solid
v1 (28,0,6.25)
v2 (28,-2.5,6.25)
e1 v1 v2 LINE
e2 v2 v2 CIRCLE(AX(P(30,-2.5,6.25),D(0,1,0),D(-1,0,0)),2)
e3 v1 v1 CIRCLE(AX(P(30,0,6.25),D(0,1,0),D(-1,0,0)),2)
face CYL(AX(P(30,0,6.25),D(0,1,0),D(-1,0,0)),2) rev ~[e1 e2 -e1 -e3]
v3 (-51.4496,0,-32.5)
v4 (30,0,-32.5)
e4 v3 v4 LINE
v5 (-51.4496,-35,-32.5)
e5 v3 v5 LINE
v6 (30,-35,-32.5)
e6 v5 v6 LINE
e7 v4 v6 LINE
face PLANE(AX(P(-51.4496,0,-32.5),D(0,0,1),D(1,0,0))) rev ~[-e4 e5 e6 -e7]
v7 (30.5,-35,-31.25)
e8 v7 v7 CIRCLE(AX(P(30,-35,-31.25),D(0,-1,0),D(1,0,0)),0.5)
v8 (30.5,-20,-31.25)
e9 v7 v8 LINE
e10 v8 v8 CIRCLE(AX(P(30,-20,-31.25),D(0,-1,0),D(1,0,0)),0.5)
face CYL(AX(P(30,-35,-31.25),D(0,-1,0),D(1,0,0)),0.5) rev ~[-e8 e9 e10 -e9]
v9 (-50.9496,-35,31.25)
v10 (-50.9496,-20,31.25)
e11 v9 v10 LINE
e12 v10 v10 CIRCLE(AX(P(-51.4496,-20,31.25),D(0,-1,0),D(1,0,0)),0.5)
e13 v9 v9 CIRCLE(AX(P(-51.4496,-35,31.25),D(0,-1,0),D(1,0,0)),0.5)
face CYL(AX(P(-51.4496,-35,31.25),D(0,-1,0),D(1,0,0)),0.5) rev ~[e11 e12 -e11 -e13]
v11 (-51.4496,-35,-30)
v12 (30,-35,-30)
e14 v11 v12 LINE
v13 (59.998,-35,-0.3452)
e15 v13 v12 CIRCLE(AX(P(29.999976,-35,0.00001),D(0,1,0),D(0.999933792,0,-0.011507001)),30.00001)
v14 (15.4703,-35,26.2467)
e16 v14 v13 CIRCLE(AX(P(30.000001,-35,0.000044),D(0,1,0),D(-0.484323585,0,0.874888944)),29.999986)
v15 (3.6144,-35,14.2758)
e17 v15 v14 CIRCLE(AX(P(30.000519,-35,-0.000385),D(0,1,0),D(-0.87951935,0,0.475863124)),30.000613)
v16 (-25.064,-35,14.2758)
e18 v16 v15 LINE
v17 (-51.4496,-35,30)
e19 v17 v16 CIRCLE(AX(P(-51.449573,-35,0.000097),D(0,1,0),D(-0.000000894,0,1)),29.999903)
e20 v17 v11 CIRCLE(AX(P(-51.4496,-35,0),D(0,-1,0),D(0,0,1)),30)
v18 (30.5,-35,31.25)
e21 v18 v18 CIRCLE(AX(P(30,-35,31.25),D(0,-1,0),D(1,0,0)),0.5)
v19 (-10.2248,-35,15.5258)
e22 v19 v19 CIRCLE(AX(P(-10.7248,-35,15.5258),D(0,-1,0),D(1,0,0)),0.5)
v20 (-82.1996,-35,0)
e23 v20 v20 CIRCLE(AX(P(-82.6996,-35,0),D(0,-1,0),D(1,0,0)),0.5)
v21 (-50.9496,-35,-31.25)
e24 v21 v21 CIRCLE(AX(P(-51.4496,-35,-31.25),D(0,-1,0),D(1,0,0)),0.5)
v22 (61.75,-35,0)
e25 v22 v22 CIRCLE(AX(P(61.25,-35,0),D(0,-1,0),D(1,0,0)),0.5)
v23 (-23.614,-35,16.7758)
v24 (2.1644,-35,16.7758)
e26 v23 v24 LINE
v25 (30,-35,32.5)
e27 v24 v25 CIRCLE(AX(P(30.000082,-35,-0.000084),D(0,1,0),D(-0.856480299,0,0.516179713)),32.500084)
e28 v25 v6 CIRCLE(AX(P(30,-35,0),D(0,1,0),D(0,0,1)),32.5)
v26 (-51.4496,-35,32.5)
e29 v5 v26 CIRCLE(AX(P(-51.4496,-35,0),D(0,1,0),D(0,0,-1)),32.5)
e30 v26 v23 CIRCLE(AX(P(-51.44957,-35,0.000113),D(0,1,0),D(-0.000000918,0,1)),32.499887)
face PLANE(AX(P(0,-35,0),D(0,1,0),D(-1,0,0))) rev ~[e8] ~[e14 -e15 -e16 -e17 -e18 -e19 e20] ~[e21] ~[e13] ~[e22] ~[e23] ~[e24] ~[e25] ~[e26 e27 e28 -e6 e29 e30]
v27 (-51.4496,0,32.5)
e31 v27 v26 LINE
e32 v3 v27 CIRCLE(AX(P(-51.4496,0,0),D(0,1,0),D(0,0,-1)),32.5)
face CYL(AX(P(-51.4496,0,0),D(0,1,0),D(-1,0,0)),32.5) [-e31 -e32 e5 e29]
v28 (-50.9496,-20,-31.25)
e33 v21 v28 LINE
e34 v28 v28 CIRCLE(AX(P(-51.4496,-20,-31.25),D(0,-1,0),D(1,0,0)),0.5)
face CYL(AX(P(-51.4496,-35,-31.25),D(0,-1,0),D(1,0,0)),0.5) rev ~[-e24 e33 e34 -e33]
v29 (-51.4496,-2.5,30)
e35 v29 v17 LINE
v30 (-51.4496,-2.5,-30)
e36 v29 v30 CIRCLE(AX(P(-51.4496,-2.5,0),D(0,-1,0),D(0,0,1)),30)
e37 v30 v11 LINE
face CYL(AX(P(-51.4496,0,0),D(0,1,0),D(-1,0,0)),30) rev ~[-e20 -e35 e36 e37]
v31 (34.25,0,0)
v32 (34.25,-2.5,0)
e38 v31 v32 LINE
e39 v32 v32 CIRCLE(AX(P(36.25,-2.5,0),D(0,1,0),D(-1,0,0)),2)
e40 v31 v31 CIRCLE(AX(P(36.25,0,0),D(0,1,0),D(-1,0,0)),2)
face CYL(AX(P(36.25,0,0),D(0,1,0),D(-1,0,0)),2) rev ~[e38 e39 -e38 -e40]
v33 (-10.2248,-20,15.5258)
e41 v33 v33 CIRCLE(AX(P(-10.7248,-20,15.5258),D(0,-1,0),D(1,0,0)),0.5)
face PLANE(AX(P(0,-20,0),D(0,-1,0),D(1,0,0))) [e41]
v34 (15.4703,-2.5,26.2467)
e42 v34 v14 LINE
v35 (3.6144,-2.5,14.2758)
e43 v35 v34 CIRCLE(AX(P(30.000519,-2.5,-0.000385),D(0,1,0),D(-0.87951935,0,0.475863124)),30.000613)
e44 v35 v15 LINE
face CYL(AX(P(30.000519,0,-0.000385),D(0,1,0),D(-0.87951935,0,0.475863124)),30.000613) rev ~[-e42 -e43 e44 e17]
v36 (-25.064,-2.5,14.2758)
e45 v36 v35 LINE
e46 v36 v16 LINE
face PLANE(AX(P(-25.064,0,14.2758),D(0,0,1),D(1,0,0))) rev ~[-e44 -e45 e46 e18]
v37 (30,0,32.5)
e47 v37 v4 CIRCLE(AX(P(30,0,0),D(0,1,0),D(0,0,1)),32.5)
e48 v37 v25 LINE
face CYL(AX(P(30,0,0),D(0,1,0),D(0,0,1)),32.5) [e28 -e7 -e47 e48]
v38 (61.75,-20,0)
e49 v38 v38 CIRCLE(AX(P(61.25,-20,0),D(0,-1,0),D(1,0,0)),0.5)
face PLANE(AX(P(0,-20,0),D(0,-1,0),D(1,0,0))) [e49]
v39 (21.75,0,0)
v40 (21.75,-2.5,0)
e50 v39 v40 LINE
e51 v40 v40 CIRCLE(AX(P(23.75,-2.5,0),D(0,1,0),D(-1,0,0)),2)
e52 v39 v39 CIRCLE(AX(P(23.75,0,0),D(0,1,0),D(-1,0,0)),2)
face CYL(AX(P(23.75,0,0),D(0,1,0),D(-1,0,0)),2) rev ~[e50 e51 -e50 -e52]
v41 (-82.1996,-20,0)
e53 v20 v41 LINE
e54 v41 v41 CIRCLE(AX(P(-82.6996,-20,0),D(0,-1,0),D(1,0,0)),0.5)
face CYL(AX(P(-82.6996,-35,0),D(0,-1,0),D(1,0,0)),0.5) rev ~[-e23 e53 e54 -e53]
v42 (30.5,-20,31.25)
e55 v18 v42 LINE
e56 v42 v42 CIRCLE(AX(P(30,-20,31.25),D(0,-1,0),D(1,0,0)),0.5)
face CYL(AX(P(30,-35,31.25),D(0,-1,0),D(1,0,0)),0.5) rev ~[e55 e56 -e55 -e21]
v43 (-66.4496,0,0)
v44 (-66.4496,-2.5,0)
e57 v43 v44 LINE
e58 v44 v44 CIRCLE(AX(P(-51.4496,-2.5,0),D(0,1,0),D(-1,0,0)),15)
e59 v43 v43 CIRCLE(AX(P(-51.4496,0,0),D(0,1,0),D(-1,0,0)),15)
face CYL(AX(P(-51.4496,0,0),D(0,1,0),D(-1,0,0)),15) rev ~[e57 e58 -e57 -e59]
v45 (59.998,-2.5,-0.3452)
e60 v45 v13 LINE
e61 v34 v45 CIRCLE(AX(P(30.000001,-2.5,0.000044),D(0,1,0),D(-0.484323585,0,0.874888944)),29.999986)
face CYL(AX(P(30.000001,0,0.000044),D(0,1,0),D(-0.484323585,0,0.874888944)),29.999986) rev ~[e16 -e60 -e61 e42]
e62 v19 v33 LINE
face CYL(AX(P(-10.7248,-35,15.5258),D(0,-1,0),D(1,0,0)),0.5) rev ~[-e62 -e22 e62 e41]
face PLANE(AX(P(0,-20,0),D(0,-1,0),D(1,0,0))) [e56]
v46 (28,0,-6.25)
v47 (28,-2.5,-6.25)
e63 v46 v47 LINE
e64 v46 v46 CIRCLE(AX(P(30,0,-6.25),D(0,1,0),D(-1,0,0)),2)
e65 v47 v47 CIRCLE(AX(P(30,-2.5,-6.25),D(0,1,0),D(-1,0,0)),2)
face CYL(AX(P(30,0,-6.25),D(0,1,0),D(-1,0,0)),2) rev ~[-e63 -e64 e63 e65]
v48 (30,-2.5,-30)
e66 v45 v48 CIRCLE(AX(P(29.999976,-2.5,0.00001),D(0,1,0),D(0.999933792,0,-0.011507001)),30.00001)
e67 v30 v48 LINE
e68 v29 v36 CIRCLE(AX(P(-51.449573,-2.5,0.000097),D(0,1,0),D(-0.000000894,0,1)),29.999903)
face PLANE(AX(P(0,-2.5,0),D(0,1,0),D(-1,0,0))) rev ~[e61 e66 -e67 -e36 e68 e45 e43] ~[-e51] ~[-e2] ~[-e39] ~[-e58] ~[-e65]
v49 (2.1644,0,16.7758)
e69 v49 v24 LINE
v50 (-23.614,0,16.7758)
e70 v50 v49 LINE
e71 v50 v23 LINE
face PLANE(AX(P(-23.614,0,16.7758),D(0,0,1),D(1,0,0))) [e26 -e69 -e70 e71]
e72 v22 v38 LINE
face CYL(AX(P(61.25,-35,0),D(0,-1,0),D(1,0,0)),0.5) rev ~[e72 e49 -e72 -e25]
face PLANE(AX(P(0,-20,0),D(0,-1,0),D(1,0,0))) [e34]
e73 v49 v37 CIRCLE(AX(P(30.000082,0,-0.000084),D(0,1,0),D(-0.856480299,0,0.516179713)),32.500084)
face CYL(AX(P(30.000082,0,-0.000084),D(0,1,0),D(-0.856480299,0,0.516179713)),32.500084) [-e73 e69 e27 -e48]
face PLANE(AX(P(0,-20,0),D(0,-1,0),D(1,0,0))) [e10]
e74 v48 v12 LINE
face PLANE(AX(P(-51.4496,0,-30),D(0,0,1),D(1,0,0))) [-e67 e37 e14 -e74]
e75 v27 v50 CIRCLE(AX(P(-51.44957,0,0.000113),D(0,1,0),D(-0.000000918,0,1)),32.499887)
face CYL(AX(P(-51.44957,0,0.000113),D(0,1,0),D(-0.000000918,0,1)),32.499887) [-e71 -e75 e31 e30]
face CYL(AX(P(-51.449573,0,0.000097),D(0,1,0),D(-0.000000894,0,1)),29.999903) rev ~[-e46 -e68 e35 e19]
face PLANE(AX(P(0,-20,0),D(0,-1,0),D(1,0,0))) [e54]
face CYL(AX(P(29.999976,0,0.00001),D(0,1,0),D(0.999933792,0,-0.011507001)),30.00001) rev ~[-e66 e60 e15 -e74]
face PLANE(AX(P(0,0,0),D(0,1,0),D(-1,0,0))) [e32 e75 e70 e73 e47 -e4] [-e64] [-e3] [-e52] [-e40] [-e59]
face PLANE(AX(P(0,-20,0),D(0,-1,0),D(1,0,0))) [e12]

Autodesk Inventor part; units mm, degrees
sketch "Sketch1" plane through (0, 0, 0) normal (0, 1, 0) x (-1, 0, 0)
  line L0 (30, 0) -> (-30, 0) construction
  arc A0 (-30, 32.5) -> (-30, -32.5) centre (-30, 0) ccw
  circle A1 centre (-30, 0) radius 32.5 construction
  circle A2 centre (-30, 0) radius 30 construction
  circle A3 centre (-30, -6.25) radius 2
  circle A4 centre (-30, 6.25) radius 2
  arc A5 (-15.4703, 26.2467) -> (-59.998, -0.3452) centre (-30, 0) ccw
  arc A6 (-3.6144, 14.2758) -> (-15.4703, 26.2467) centre (-30, 0) ccw
  arc A7 (-2.1644, 16.7758) -> (-30, 32.5) centre (-30, 0) ccw
  line L1 (-30, -6.25) -> (-30, 6.25) construction
  line L2 (-30, 0) -> (-36.25, 0) construction
  line L3 (-30, 0) -> (-23.75, 0) construction
  line L4 (-30, 0) -> (-23.75, 0) construction
  circle A8 centre (-23.75, 0) radius 2
  circle A9 centre (-36.25, 0) radius 2
  line L5 (-30, 0) -> (-30, -6.25) construction
  line L6 (-3.6144, 14.2758) -> (-3.6144, -14.2758) construction
  line L7 (-2.1644, 16.7758) -> (-2.1644, -16.7758) construction
  line L8 (-30, 32.5) -> (52.5439, 32.5) construction
  line L9 (-2.1644, 16.7758) -> (17.8356, 16.7758) construction
  line L10 (17.8356, 16.7758) -> (17.8356, -16.7758) construction
  line L11 (17.8356, -16.7758) -> (-2.1644, -16.7758) construction
  line L12 (-3.6144, -14.2758) -> (19.2856, -14.2758) construction
  line L13 (19.2856, -14.2758) -> (19.2856, 14.2758) construction
  line L14 (-3.6144, 14.2758) -> (19.2856, 14.2758) construction
  line L15 (0, 16.7758) -> (0, -16.7758) construction
  line L16 (2.5, 0) -> (2.5, 16.7758) construction
  line L17 (2.5, 0) -> (2.5, -16.7758) construction
  line L18 (19.2856, 0) -> (21.4496, 0) construction
  line L19 (21.4496, 0) -> (21.4496, 16.7758) construction
  line L20 (21.4496, 16.7758) -> (17.8356, 16.7758) construction
  line L21 (19.2856, 14.2758) -> (19.2856, 16.7758) construction
  line L22 (21.4496, 0) -> (21.4496, -16.7758) construction
  line L23 (21.4496, -16.7758) -> (17.8356, -16.7758) construction
  line L24 (19.2856, -14.2758) -> (19.2856, -16.7758) construction
  line L25 (21.4496, 0) -> (51.4496, 0) construction
  circle A10 centre (51.4496, 0) radius 30 construction
  circle A11 centre (51.4496, 0) radius 32.5 construction
  line L26 (19.2856, 14.2758) -> (25.064, 14.2758) construction
  line L27 (20.3676, 16.7758) -> (23.614, 16.7758) construction
  line L28 (17.3742, -16.7758) -> (23.614, -16.7758) construction
  line L29 (17.8356, -14.2758) -> (22.2529, -14.2758) construction
  line L30 (22.2529, -14.2758) -> (25.064, -14.2758) construction
  arc A12 (81.4496, 0) -> (51.4496, 30) centre (51.4496, 0) ccw
  arc A13 (51.4496, -30) -> (81.4496, 0) centre (51.4496, 0) ccw
  line L31 (51.4496, 30) -> (51.4496, -30) construction
  arc A14 (51.4496, 30) -> (25.064, 14.2758) centre (51.4496, 0) ccw
  line L32 (25.064, 14.2758) -> (-3.6144, 14.2758)
  line L33 (23.614, 16.7758) -> (-2.1644, 16.7758)
  arc A15 (51.4496, -32.5) -> (83.9496, 0) centre (51.4496, 0) ccw
  arc A16 (83.9496, 0) -> (51.4496, 32.5) centre (51.4496, 0) ccw
  arc A17 (51.4496, 32.5) -> (23.614, 16.7758) centre (51.4496, 0) ccw
  circle A18 centre (51.4496, 0) radius 15
  line L34 (51.4496, -32.5) -> (-30, -32.5)
  line L35 (51.4496, -30) -> (-30, -30)
  arc A19 (-59.998, -0.3452) -> (-30, -30) centre (-30, 0) ccw
  point P0 (0, 0)
  point P1 (-30, 32.5)
  point P2 (-25, 0)
  point P3 (7.8356, 16.7758)
  dimension "d1" = 30
  dimension "d2" = 65
  dimension "d12" = 60
  dimension "d25" = 4
  dimension "d28" = 4
  dimension "d51" = 12.5
  dimension "d60" = 6.25
  dimension "d61" = 180
  dimension "d62" = 6.25
  dimension "d63" = 4
  dimension "d64" = 4
  dimension "d65" = 6.25
  dimension "d68" = 20
  dimension "d69" = 1.45
  dimension "d70" = 1.45
  dimension "d71" = 2.5
  dimension "d72" = 2.5
  dimension "d73" = 2.1644
  dimension "d74" = 2.164
  dimension "d75" = 30
  dimension "d76" = 60
  dimension "d77" = 65
  dimension "d78" = 60
  dimension "d79" = 30
ref_plane "Work Plane1" through (0, -5, 0) normal (0, -1, 0) x (1, 0, 0)
ref_plane "Work Plane3" through (0, -35, 0) normal (0, -1, 0) x (1, 0, 0)
sketch "Sketch3" plane through (0, -35, 0) normal (0, -1, 0) x (1, 0, 0)
  point P0 (0, 0)
extrude "Extrusion12" add sketch "Sketch1" against normal blind 2.5 contours A6 L32 A14 A12 A13 L35 A19 A5
extrude "Extrusion13" add sketch "Sketch1" against normal blind 35 contours A7 L33 A17 A16 A15 L34 A0
ref_plane "Work Plane4" through (0, -35, 0) normal (0, -1, 0) x (1, 0, 0)
sketch "Sketch5" plane through (0, -35, 0) normal (0, -1, 0) x (1, 0, 0)
  line L0 (-25.064, 14.2758) -> (3.6144, 14.2758) construction
  line L1 (30, -30) -> (-51.4496, -30) construction
  line L2 (3.6144, 14.2758) -> (-51.4496, -30) construction
  line L3 (-25.064, 14.2758) -> (30, -30) construction
  line L4 (-10.7248, 14.2758) -> (-10.7248, -30) construction
  line L5 (30, -30) -> (30, 30) construction
  arc A0 (30, -30) -> (3.6144, 14.2758) centre (30, 0) ccw construction
  arc A1 (-25.064, 14.2758) -> (-51.4496, -30) centre (-51.4496, 0) ccw construction
  line L6 (-51.4496, -30) -> (-51.4496, 30) construction
  arc A2 (-23.614, 16.7758) -> (-51.4496, -32.5) centre (-51.4496, 0) ccw construction
  arc A3 (30, -32.5) -> (2.1644, 16.7758) centre (30, 0) ccw construction
  line L7 (62.5, 0) -> (60, 0) construction
  line L8 (30, -30) -> (30, -32.5) construction
  line L9 (-51.4496, -30) -> (-51.4496, -32.5) construction
  line L10 (-51.4496, 30) -> (-51.4496, 32.5) construction
  line L11 (30, 30) -> (30, 32.5) construction
  line L12 (-10.7248, -30) -> (-10.7248, -32.5) construction
  line L13 (30, -32.5) -> (-51.4496, -32.5) construction
  line L14 (-10.7248, 14.2758) -> (-10.7248, 16.7758) construction
  circle A4 centre (-10.7248, 15.5258) radius 0.5
  circle A5 centre (30, 31.25) radius 0.5
  circle A6 centre (61.25, 0) radius 0.5
  circle A7 centre (30, -31.25) radius 0.5
  circle A8 centre (-51.4496, -31.25) radius 0.5
  circle A9 centre (-51.4496, 31.25) radius 0.5
  line L15 (30, 31.25) -> (-51.4496, 31.25) construction
  line L16 (59.4615, 0) -> (-81.4496, 0) construction
  line L17 (-81.4496, 0) -> (-83.9496, 0) construction
  circle A10 centre (-82.6996, 0) radius 0.5
  point P0 (0, 0)
  dimension "d100" = 1
  dimension "d101" = 1
  dimension "d102" = 1
  dimension "d103" = 1
  dimension "d104" = 1
  dimension "d105" = 1
  dimension "d106" = 81.4496
  dimension "d108" = 140.9111
  dimension "d109" = 1
extrude "Extrusion14" cut sketch "Sketch5" against normal blind 15
properties part number "con_v6_d1_3DPrint"
